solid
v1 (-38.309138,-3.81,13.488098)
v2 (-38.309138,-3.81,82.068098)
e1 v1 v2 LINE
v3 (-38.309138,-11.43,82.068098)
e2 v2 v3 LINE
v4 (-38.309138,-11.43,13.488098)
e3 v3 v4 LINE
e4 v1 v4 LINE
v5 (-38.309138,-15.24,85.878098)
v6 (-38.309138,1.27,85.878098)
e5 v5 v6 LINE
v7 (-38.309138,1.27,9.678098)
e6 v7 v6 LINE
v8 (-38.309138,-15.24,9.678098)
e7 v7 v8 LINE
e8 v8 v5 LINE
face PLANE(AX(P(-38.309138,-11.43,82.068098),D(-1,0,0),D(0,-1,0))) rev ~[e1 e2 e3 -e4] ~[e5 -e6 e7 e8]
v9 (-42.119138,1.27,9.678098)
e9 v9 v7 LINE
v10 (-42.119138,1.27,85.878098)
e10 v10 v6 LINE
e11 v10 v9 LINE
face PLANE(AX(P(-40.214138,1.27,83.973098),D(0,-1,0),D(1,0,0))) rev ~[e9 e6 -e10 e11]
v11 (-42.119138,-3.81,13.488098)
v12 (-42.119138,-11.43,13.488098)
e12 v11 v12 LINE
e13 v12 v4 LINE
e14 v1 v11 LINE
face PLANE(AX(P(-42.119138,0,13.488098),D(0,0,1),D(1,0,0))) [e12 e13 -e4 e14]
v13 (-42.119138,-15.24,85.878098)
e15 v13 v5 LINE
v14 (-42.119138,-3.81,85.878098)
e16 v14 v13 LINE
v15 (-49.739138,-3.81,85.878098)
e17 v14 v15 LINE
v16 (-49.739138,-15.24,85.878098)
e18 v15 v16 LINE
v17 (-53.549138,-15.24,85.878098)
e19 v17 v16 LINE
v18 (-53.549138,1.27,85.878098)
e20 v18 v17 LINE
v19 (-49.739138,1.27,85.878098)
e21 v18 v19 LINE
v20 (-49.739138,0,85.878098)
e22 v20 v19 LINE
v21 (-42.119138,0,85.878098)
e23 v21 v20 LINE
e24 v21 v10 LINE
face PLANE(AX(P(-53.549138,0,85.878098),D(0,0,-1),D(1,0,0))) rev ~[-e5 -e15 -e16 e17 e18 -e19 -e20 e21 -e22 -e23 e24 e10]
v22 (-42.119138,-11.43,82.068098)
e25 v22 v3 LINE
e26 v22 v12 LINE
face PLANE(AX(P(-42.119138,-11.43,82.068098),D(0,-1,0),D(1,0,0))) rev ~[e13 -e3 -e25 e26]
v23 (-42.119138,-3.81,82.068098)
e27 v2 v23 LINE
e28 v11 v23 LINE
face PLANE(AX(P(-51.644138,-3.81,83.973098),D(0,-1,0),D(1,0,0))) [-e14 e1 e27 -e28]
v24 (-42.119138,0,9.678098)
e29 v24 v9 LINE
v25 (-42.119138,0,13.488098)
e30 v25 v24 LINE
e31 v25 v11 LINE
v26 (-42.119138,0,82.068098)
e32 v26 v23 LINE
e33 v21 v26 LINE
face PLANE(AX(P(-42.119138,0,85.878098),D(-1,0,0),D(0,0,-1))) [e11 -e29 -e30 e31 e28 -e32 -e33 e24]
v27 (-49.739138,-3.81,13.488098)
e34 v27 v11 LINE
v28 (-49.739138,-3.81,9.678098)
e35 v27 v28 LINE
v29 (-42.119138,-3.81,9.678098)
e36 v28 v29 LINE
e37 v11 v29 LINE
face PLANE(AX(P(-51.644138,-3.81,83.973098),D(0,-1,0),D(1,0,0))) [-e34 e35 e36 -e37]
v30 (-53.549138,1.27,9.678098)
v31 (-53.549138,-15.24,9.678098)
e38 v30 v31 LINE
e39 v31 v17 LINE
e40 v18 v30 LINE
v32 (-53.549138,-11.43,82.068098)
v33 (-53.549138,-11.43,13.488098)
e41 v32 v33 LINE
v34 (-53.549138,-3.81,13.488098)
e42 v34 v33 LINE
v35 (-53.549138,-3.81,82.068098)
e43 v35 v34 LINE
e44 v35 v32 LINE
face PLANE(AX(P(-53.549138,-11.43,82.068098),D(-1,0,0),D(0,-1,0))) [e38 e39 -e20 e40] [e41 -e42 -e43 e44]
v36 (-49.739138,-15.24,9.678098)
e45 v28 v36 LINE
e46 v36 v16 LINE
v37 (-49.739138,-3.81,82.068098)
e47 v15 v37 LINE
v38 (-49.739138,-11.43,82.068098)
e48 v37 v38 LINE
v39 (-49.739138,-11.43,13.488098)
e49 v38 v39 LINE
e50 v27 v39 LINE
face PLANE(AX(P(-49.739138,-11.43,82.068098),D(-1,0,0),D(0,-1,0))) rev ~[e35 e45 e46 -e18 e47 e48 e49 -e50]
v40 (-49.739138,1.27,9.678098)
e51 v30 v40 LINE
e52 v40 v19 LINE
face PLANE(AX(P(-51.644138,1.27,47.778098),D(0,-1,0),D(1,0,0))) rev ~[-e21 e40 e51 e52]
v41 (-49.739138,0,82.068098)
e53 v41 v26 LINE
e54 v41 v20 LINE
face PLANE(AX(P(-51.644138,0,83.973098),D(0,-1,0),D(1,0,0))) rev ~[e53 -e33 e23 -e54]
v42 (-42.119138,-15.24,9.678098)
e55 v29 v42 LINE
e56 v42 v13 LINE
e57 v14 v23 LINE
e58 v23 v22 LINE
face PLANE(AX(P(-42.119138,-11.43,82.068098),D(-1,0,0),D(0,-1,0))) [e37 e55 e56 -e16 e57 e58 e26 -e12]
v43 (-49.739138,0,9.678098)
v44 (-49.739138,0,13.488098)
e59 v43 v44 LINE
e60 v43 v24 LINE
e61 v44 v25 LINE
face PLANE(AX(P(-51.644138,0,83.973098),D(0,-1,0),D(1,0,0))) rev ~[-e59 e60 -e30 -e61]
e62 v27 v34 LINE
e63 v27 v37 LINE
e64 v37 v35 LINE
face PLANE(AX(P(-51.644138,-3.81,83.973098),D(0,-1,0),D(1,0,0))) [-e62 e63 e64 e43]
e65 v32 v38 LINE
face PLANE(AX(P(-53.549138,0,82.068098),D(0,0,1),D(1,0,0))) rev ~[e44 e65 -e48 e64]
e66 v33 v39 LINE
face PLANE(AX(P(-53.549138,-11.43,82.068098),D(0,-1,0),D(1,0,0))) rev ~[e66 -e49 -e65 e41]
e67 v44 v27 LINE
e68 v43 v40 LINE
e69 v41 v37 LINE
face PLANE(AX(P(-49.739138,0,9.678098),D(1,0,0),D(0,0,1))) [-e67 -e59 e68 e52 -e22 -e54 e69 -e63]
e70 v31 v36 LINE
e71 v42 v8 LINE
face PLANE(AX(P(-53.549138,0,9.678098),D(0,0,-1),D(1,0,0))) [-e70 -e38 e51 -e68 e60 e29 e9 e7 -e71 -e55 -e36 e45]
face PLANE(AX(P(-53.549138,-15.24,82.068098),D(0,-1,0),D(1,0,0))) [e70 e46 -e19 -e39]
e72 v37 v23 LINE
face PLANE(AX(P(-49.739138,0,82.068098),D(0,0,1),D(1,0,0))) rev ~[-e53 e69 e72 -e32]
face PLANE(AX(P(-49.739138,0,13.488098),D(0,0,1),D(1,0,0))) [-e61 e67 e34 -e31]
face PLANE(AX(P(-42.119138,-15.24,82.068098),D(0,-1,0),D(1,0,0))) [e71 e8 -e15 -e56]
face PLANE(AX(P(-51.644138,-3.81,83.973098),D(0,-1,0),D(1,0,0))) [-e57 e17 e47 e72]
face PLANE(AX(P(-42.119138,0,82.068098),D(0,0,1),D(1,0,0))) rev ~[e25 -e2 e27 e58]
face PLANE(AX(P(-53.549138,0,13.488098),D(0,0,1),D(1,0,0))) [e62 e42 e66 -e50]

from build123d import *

# Parameters (mm, degrees)
F0_W     = 3.81
F0_H     = 3.81
F0_W_2   = 7.62
F0_H_2   = 68.58
F1_DEPTH = 3.81
F2_DEPTH = 1.27
F3_DEPTH = 15.24
F4_W     = 3.81
F4_H     = 3.81
F5_DEPTH = 68.58
F6_W     = 3.81
F6_H     = 3.81
F7_DEPTH = 68.58


with BuildPart() as f1:
    # F0 (on Front) → F1 (new body)
    with BuildSketch(Plane.XZ):
        with Locations((-51.6441376173, 83.97309774)):
            Rectangle(F0_W, F0_H)
        with Locations((-45.9291376173, 83.97309774)):
            Rectangle(F0_W_2, F0_H)
        with Locations((-40.2141376173, 83.97309774)):
            Rectangle(F0_W, F0_H)
        with Locations((-40.2141376173, 47.77809774)):
            Rectangle(F0_W, F0_H_2)
        with Locations((-51.6441376173, 47.77809774)):
            Rectangle(F0_W, F0_H_2)
        with Locations((-51.6441376173, 11.58309774)):
            Rectangle(F0_W, F0_H)
        with Locations((-45.9291376173, 11.58309774)):
            Rectangle(F0_W_2, F0_H)
        with Locations((-40.2141376173, 11.58309774)):
            Rectangle(F0_W, F0_H)
    extrude(amount=F1_DEPTH)

    # F0 (on Front) → F2 (join)
    with BuildSketch(Plane.XZ):
        with Locations((-51.6441376173, 47.77809774)):
            Rectangle(F0_W, F0_H_2)
        with Locations((-51.6441376173, 83.97309774)):
            Rectangle(F0_W, F0_H)
        with Locations((-40.2141376173, 83.97309774)):
            Rectangle(F0_W, F0_H)
        with Locations((-40.2141376173, 47.77809774)):
            Rectangle(F0_W, F0_H_2)
        with Locations((-40.2141376173, 11.58309774)):
            Rectangle(F0_W, F0_H)
        with Locations((-51.6441376173, 11.58309774)):
            Rectangle(F0_W, F0_H)
    extrude(amount=-F2_DEPTH)

    # F0 (on Front) → F3 (join)
    with BuildSketch(Plane.XZ):
        with Locations((-51.6441376173, 83.97309774)):
            Rectangle(F0_W, F0_H)
        with Locations((-40.2141376173, 83.97309774)):
            Rectangle(F0_W, F0_H)
        with Locations((-51.6441376173, 11.58309774)):
            Rectangle(F0_W, F0_H)
        with Locations((-40.2141376173, 11.58309774)):
            Rectangle(F0_W, F0_H)
    extrude(amount=F3_DEPTH)

    # F4 (on face) → F5 (join)
    with BuildSketch(Plane(origin=(0, 0, 82.06809774), x_dir=(1, 0, 0), z_dir=(0, 0, -1))):
        with Locations((-51.6441376173, 13.335)):
            Rectangle(F4_W, F4_H)
    extrude(amount=F5_DEPTH)

    # F6 (on face) → F7 (join)
    with BuildSketch(Plane(origin=(0, 0, 82.06809774), x_dir=(1, 0, 0), z_dir=(0, 0, -1))):
        with Locations((-40.2141376173, 13.335)):
            Rectangle(F6_W, F6_H)
    extrude(amount=F7_DEPTH)


solid = f1.part
